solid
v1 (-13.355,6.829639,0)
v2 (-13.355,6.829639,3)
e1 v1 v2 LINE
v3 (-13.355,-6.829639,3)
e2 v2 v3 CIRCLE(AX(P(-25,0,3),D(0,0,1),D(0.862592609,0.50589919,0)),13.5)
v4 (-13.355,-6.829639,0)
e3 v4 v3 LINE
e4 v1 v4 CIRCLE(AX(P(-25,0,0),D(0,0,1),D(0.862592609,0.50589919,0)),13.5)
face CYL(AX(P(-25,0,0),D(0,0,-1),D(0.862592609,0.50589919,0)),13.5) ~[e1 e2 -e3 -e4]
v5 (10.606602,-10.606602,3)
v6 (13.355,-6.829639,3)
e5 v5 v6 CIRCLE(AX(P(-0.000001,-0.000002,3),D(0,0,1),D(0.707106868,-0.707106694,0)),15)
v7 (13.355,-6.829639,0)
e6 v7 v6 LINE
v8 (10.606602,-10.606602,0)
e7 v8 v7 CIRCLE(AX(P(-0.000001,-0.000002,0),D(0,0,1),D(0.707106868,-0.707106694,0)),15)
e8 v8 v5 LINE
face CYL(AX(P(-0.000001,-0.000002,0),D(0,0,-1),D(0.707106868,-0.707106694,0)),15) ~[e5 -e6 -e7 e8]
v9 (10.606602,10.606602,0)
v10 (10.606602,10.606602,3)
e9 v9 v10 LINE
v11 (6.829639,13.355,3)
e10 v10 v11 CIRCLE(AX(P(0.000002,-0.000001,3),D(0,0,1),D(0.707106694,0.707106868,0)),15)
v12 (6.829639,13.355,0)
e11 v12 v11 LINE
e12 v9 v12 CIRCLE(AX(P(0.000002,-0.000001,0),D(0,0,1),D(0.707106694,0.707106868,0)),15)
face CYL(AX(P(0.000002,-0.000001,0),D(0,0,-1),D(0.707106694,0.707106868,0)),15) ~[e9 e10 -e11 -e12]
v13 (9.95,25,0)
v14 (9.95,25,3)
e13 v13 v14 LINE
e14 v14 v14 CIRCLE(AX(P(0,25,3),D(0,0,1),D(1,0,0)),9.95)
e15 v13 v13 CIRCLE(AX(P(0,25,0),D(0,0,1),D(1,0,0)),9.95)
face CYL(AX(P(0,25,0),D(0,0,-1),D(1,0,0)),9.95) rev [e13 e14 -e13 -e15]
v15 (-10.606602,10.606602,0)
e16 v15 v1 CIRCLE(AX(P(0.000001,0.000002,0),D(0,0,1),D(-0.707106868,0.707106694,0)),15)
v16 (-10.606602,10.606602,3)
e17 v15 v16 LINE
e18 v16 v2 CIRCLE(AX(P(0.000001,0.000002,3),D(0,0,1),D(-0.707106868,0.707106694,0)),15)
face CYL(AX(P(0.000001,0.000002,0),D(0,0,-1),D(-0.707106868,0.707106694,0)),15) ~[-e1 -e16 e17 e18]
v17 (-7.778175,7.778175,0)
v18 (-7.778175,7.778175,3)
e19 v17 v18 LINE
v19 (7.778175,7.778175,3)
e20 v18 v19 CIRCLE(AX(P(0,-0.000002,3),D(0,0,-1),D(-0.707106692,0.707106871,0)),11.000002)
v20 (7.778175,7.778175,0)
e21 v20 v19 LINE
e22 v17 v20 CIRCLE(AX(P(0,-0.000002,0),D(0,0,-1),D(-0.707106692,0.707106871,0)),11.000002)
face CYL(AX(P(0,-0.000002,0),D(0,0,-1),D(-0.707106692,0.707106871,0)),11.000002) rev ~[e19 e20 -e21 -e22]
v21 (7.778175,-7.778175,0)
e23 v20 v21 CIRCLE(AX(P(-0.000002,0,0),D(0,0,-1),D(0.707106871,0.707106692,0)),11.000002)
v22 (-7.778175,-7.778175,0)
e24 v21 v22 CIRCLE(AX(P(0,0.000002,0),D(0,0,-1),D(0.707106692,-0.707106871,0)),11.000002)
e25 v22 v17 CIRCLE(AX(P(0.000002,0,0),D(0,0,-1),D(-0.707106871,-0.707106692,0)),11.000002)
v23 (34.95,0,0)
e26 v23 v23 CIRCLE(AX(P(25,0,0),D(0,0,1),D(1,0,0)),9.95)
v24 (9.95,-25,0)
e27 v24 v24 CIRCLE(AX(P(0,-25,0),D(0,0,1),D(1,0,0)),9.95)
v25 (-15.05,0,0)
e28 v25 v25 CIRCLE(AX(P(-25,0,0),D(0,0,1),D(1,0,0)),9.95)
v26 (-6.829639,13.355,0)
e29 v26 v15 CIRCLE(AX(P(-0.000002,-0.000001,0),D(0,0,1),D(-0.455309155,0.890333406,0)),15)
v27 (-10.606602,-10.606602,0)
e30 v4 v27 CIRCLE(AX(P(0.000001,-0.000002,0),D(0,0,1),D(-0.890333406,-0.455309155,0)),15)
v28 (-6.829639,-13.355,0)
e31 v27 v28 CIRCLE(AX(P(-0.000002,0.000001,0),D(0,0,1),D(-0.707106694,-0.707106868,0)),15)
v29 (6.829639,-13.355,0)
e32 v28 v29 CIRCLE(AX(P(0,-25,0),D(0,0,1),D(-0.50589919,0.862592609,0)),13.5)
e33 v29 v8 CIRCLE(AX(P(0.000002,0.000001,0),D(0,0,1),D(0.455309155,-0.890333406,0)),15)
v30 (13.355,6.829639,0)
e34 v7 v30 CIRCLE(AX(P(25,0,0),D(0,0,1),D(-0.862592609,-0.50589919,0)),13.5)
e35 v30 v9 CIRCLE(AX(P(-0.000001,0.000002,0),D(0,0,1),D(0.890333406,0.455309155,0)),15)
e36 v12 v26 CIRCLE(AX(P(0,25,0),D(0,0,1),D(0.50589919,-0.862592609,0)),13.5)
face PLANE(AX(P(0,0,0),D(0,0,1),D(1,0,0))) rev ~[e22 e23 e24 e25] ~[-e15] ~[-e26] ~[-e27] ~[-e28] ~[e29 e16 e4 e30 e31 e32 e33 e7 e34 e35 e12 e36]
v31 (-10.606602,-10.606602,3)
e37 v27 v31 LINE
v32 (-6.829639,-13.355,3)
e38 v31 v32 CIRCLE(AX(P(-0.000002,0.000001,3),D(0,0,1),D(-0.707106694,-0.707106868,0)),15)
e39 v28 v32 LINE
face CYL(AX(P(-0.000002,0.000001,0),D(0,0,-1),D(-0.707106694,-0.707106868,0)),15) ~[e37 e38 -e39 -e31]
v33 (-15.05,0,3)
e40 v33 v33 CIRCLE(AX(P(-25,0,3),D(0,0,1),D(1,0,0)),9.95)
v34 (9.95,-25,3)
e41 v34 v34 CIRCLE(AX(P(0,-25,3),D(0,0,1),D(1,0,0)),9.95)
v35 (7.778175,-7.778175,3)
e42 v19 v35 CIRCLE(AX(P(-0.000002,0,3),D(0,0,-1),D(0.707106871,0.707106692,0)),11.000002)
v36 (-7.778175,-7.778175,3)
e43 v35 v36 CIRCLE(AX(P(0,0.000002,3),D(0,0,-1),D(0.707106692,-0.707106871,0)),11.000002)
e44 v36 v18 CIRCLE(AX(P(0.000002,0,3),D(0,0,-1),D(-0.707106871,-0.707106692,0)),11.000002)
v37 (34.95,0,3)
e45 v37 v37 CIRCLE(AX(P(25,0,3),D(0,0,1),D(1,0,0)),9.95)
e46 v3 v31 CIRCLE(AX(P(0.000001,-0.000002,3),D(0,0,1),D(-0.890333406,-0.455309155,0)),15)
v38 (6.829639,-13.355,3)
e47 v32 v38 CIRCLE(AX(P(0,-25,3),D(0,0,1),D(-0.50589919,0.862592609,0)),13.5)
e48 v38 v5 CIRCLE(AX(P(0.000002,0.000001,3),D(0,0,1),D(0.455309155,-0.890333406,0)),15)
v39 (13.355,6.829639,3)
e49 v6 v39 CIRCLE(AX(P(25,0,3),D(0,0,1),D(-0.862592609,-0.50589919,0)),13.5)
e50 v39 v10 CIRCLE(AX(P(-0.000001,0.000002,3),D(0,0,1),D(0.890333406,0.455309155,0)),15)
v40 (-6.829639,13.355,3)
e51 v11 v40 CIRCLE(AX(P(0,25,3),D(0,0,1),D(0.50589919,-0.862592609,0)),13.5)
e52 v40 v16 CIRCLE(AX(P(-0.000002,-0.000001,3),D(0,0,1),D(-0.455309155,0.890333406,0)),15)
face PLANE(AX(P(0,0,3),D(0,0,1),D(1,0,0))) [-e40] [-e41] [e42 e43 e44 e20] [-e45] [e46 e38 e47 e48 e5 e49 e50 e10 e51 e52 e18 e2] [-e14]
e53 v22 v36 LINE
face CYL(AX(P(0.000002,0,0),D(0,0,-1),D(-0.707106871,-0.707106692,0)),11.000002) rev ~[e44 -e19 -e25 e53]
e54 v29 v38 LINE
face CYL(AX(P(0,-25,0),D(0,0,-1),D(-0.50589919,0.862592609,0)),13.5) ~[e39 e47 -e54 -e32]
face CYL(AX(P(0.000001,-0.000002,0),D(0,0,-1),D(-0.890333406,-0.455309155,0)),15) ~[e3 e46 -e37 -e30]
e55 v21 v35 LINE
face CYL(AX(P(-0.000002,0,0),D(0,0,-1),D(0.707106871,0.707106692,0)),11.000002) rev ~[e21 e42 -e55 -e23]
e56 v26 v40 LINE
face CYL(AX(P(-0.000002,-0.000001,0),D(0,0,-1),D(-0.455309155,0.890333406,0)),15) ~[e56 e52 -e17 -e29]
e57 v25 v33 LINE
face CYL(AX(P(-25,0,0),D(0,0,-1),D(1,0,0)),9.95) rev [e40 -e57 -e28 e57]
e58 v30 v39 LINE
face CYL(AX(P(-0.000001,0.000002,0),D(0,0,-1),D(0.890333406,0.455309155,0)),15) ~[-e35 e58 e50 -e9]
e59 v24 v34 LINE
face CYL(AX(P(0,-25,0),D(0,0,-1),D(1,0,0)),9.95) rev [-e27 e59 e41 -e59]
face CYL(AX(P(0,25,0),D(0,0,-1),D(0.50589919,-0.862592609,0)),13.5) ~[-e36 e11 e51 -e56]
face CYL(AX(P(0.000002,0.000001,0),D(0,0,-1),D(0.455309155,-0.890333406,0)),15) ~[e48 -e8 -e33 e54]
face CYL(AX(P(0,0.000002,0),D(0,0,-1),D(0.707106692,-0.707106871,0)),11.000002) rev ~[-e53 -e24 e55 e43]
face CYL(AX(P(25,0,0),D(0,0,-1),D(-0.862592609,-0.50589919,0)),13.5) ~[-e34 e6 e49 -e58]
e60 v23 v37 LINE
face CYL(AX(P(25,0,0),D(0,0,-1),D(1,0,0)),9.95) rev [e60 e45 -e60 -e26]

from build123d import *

# Parameters (mm, degrees)
F0_R     = 9.95
F1_DEPTH = 3


with BuildPart() as f1:
    # F0 (on Top) → F1 (new body)
    with BuildSketch(Plane.XY):
        with BuildLine():
            ThreePointArc((6.829639, 13.355), (0, 38.5), (-6.829639, 13.355))
            ThreePointArc((-6.829639, 13.355), (-8.825761, 12.128724), (-10.606602, 10.606602))
            ThreePointArc((-10.606602, 10.606602), (-12.128724, 8.825761), (-13.355, 6.829639))
            ThreePointArc((-13.355, 6.829639), (-38.5, 0), (-13.355, -6.829639))
            ThreePointArc((-13.355, -6.829639), (-12.128724, -8.825761), (-10.606602, -10.606602))
            ThreePointArc((-10.606602, -10.606602), (-8.825761, -12.128724), (-6.829639, -13.355))
            ThreePointArc((-6.829639, -13.355), (0, -38.5), (6.829639, -13.355))
            ThreePointArc((6.829639, -13.355), (8.825761, -12.128724), (10.606602, -10.606602))
            ThreePointArc((10.606602, -10.606602), (12.128724, -8.825761), (13.355, -6.829639))
            ThreePointArc((13.355, -6.829639), (38.5, 0), (13.355, 6.829639))
            ThreePointArc((13.355, 6.829639), (12.128724, 8.825761), (10.606602, 10.606602))
            ThreePointArc((10.606602, 10.606602), (8.825761, 12.128724), (6.829639, 13.355))
        make_face()
        with Locations((0, -25)):
            Circle(F0_R, mode=Mode.SUBTRACT)
        with Locations((-25, 0)):
            Circle(F0_R, mode=Mode.SUBTRACT)
        with BuildLine():
            ThreePointArc((-7.778175, 7.778175), (0, 11), (7.778175, 7.778175))
            ThreePointArc((7.778175, 7.778175), (11, 0), (7.778175, -7.778175))
            ThreePointArc((7.778175, -7.778175), (0, -11), (-7.778175, -7.778175))
            ThreePointArc((-7.778175, -7.778175), (-11, 0), (-7.778175, 7.778175))
        make_face(mode=Mode.SUBTRACT)
        with Locations((25, 0)):
            Circle(F0_R, mode=Mode.SUBTRACT)
        with Locations((0, 25)):
            Circle(F0_R, mode=Mode.SUBTRACT)
    extrude(amount=F1_DEPTH)


solid = f1.part
